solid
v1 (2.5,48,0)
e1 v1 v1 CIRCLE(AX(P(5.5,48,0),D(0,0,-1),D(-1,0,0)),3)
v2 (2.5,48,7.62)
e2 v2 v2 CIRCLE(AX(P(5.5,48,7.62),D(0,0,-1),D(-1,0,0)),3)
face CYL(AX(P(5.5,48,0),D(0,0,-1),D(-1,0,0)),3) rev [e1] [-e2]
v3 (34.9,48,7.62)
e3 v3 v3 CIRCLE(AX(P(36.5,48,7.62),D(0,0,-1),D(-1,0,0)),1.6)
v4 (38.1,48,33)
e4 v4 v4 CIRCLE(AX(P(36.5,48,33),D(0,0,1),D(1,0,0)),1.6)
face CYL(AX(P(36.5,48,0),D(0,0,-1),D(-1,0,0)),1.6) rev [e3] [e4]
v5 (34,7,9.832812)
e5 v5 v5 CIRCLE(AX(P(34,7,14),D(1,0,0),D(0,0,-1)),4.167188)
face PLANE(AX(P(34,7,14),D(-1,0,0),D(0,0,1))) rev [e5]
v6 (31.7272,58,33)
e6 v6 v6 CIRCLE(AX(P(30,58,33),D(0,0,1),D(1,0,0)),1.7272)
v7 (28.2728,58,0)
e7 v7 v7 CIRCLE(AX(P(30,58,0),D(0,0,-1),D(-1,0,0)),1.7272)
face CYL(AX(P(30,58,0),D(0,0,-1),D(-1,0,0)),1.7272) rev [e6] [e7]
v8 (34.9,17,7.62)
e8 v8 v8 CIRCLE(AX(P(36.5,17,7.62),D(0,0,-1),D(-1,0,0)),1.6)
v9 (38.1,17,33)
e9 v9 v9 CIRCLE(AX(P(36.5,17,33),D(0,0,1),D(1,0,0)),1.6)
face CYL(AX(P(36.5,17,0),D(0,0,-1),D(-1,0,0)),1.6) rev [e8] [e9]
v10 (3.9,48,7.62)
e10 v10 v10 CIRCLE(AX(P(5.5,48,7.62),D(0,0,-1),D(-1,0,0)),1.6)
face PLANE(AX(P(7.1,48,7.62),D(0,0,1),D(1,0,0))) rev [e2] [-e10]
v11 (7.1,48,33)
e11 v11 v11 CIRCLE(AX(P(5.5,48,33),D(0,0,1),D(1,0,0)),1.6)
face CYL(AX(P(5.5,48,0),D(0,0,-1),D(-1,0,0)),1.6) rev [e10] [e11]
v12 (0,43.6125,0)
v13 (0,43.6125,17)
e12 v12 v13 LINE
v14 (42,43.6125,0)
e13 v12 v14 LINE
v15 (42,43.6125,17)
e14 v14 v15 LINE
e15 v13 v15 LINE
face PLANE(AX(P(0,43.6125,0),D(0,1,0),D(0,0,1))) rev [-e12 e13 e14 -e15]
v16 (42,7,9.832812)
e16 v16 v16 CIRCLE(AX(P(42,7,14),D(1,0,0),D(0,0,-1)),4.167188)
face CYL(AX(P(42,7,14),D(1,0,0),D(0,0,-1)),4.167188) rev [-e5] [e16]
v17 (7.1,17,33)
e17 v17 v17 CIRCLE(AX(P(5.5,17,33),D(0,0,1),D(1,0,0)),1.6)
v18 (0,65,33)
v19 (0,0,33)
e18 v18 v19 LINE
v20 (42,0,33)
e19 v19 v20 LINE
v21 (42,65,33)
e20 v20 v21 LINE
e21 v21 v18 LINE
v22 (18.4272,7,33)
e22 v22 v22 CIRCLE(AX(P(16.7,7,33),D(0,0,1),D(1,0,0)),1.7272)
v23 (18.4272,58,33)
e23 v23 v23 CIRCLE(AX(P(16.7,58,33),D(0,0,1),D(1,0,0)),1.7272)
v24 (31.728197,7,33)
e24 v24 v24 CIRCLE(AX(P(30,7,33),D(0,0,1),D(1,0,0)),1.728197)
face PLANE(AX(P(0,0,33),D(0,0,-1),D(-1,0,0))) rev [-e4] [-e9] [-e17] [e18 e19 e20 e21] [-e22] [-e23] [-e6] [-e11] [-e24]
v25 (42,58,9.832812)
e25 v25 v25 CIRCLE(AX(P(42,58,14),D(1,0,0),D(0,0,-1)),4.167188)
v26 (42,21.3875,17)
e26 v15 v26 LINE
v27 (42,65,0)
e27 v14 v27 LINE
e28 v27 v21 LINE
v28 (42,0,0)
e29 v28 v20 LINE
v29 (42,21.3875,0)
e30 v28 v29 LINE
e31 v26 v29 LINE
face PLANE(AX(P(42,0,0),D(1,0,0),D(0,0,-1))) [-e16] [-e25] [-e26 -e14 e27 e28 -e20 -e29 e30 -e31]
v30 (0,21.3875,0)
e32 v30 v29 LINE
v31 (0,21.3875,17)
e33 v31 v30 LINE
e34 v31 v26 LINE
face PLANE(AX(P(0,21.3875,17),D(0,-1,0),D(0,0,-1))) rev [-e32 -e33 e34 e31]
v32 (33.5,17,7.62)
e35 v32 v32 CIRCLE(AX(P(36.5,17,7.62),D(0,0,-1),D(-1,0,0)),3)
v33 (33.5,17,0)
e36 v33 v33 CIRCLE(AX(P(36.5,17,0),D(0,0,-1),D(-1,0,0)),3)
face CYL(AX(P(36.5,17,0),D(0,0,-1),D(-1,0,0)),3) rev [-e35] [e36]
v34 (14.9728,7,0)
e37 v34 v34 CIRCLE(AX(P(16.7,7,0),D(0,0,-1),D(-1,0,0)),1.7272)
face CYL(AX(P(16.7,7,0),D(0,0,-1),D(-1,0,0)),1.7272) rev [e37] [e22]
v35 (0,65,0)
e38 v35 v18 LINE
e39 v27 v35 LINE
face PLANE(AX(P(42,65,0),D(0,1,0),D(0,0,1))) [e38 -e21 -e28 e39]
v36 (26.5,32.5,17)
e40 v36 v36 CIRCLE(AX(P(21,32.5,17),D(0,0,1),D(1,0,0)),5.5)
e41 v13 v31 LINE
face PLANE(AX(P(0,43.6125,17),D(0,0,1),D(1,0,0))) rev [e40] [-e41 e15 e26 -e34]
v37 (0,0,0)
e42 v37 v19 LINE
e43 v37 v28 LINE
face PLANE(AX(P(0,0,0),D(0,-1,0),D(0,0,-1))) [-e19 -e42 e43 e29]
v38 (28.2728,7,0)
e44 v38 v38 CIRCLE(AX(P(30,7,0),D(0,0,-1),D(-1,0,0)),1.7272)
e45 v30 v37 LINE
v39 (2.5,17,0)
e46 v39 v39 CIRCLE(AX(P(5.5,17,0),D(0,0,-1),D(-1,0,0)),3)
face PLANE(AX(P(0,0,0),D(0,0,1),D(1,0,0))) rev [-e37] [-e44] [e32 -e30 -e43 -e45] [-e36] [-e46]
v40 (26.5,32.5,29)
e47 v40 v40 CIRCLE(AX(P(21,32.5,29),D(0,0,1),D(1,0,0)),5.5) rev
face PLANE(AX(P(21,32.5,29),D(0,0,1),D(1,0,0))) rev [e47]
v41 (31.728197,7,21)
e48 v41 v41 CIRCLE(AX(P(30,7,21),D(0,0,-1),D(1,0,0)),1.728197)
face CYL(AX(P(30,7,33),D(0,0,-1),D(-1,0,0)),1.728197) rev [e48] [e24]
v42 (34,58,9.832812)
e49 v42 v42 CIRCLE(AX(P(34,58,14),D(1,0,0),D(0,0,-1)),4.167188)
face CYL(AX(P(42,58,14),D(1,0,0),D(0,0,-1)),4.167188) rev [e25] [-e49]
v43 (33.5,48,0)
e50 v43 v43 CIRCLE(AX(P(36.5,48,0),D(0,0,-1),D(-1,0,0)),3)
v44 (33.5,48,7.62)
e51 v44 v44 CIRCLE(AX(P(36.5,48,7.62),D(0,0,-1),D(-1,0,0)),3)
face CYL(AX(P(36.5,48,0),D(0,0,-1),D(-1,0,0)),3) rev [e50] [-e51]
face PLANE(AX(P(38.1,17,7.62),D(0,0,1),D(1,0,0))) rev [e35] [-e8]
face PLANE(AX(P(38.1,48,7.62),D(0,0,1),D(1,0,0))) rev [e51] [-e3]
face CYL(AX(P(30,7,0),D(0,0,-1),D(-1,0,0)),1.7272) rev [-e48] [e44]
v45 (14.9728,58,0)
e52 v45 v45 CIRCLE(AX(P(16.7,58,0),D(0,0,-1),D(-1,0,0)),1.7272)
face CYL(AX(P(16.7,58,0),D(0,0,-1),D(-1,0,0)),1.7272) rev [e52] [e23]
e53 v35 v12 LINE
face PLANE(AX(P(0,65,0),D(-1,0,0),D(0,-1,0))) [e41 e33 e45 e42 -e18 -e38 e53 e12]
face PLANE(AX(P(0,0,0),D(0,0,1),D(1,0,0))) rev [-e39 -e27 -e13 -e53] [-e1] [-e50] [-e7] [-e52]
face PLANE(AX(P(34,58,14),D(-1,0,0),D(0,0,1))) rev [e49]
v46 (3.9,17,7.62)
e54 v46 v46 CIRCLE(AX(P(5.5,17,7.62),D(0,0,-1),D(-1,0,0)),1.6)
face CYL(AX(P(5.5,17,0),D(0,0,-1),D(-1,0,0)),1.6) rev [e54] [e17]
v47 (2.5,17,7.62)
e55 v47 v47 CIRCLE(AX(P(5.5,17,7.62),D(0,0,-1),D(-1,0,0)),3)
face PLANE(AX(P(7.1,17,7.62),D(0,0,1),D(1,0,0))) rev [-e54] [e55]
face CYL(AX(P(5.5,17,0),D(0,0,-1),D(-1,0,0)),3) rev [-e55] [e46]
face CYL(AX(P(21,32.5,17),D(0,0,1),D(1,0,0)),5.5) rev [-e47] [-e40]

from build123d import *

# Parameters (mm, degrees)
ESBO_O1_W                                            = 42
ESBO_O1_H                                            = 65
RESSALTO_EXTRUS_O1_DEPTH                             = 21
ESBO_O2_W                                            = 17
ESBO_O2_H                                            = 22.225
CORTE_EXTRUS_O1_DEPTH                                = 43
FURO_COM_FOLGA_DE_M31_D                              = 3.4544
FURO_COM_FOLGA_DE_M31_DEPTH                          = 21
FURO_COM_FOLGA_DE_M201_D                             = 22.225
FURO_COM_FOLGA_DE_M201_DEPTH                         = 21
REBAIXO_PARA_PARAFUSO_DE_M_QUINA_DE_CABE_D           = 3.2
REBAIXO_PARA_PARAFUSO_DE_M_QUINA_DE_CABE_DEPTH       = 21
REBAIXO_PARA_PARAFUSO_DE_M_QUINA_DE_CABE_CBORE_D     = 6
REBAIXO_PARA_PARAFUSO_DE_M_QUINA_DE_CABE_CBORE_DEPTH = 7.62
FURO1_D                                              = 8.334375
FURO1_DEPTH                                          = 8
ESBO_O11_R                                           = 11.1125
ESBO_O11_R_2                                         = 5.5
RESSALTO_EXTRUS_O2_DEPTH                             = 4
ESBO_O12_W                                           = 42
ESBO_O12_H                                           = 65
ESBO_O12_R                                           = 5.5
ESBO_O12_R_2                                         = 1.6
ESBO_O12_R_3                                         = 1.7272
ESBO_O12_R_4                                         = 1.728196919
RESSALTO_EXTRUS_O3_DEPTH                             = 12
ESBO_O14_R                                           = 5.5
RESSALTO_EXTRUS_O4_DEPTH                             = 4


with BuildPart() as part:
    # Esboço1 → Ressalto-extrusão1 (new body)
    with BuildSketch(Plane.XY.offset(21)):
        with Locations((21, 32.5)):
            Rectangle(ESBO_O1_W, ESBO_O1_H)
    extrude(amount=-RESSALTO_EXTRUS_O1_DEPTH)

    # Esboço2 → Corte-extrusão1 (cut, through all)
    with BuildSketch(Plane(origin=(42, 0, 0), x_dir=(0, 0, -1), z_dir=(1, 0, 0))):
        with Locations((-8.5, 32.5)):
            Rectangle(ESBO_O2_W, ESBO_O2_H)
    extrude(amount=-CORTE_EXTRUS_O1_DEPTH, mode=Mode.SUBTRACT)

    # Furo com folga de M31
    with Locations(Plane(origin=(0, 0, 0), x_dir=(-1, 0, 0), z_dir=(0, 0, -1))):
        with Locations((-30, 7), (-16.7, 7), (-16.7, 58), (-30, 58)):
            Hole(FURO_COM_FOLGA_DE_M31_D / 2, depth=FURO_COM_FOLGA_DE_M31_DEPTH)

    # Furo com folga de M201
    with Locations(Plane.XY.offset(21)):
        with Locations((21, 32.5)):
            Hole(FURO_COM_FOLGA_DE_M201_D / 2, depth=FURO_COM_FOLGA_DE_M201_DEPTH)

    # Rebaixo para parafuso de máquina de cabeça sextavada de M31
    with Locations(Plane(origin=(0, 0, 0), x_dir=(-1, 0, 0), z_dir=(0, 0, -1))):
        with Locations((-36.5, 17), (-5.5, 17), (-5.5, 48), (-36.5, 48)):
            CounterBoreHole(REBAIXO_PARA_PARAFUSO_DE_M_QUINA_DE_CABE_D / 2, REBAIXO_PARA_PARAFUSO_DE_M_QUINA_DE_CABE_CBORE_D / 2, REBAIXO_PARA_PARAFUSO_DE_M_QUINA_DE_CABE_CBORE_DEPTH, depth=REBAIXO_PARA_PARAFUSO_DE_M_QUINA_DE_CABE_DEPTH)

    # Furo1
    with Locations(Plane(origin=(42, 0, 0), x_dir=(0, 0, -1), z_dir=(1, 0, 0))):
        with Locations((-14, 7), (-14, 58)):
            Hole(FURO1_D / 2, depth=FURO1_DEPTH)

    # Esboço11 → Ressalto-extrusão2 (add)
    with BuildSketch(Plane.XY.offset(21)):
        with Locations((21, 32.5)):
            Circle(ESBO_O11_R)
        with Locations((21, 32.5)):
            Circle(ESBO_O11_R_2, mode=Mode.SUBTRACT)
    extrude(amount=-RESSALTO_EXTRUS_O2_DEPTH)

    # Esboço12 → Ressalto-extrusão3 (add)
    with BuildSketch(Plane.XY.offset(21)):
        with Locations((21, 32.5)):
            Rectangle(ESBO_O12_W, ESBO_O12_H)
        with Locations((21, 32.5)):
            Circle(ESBO_O12_R, mode=Mode.SUBTRACT)
        with Locations((5.5, 48)):
            Circle(ESBO_O12_R_2, mode=Mode.SUBTRACT)
        with Locations((16.7, 58)):
            Circle(ESBO_O12_R_3, mode=Mode.SUBTRACT)
        with Locations((30, 58)):
            Circle(ESBO_O12_R_3, mode=Mode.SUBTRACT)
        with Locations((36.5, 48)):
            Circle(ESBO_O12_R_2, mode=Mode.SUBTRACT)
        with Locations((36.5, 17)):
            Circle(ESBO_O12_R_2, mode=Mode.SUBTRACT)
        with Locations((5.5, 17)):
            Circle(ESBO_O12_R_2, mode=Mode.SUBTRACT)
        with Locations((16.7, 7)):
            Circle(ESBO_O12_R_3, mode=Mode.SUBTRACT)
        with Locations((30, 7)):
            Circle(ESBO_O12_R_4, mode=Mode.SUBTRACT)
    extrude(amount=RESSALTO_EXTRUS_O3_DEPTH)

    # Esboço14 → Ressalto-extrusão4 (add)
    with BuildSketch(Plane.XY.offset(33)):
        with Locations((21, 32.5)):
            Circle(ESBO_O14_R)
    extrude(amount=-RESSALTO_EXTRUS_O4_DEPTH)


solid = part.part
